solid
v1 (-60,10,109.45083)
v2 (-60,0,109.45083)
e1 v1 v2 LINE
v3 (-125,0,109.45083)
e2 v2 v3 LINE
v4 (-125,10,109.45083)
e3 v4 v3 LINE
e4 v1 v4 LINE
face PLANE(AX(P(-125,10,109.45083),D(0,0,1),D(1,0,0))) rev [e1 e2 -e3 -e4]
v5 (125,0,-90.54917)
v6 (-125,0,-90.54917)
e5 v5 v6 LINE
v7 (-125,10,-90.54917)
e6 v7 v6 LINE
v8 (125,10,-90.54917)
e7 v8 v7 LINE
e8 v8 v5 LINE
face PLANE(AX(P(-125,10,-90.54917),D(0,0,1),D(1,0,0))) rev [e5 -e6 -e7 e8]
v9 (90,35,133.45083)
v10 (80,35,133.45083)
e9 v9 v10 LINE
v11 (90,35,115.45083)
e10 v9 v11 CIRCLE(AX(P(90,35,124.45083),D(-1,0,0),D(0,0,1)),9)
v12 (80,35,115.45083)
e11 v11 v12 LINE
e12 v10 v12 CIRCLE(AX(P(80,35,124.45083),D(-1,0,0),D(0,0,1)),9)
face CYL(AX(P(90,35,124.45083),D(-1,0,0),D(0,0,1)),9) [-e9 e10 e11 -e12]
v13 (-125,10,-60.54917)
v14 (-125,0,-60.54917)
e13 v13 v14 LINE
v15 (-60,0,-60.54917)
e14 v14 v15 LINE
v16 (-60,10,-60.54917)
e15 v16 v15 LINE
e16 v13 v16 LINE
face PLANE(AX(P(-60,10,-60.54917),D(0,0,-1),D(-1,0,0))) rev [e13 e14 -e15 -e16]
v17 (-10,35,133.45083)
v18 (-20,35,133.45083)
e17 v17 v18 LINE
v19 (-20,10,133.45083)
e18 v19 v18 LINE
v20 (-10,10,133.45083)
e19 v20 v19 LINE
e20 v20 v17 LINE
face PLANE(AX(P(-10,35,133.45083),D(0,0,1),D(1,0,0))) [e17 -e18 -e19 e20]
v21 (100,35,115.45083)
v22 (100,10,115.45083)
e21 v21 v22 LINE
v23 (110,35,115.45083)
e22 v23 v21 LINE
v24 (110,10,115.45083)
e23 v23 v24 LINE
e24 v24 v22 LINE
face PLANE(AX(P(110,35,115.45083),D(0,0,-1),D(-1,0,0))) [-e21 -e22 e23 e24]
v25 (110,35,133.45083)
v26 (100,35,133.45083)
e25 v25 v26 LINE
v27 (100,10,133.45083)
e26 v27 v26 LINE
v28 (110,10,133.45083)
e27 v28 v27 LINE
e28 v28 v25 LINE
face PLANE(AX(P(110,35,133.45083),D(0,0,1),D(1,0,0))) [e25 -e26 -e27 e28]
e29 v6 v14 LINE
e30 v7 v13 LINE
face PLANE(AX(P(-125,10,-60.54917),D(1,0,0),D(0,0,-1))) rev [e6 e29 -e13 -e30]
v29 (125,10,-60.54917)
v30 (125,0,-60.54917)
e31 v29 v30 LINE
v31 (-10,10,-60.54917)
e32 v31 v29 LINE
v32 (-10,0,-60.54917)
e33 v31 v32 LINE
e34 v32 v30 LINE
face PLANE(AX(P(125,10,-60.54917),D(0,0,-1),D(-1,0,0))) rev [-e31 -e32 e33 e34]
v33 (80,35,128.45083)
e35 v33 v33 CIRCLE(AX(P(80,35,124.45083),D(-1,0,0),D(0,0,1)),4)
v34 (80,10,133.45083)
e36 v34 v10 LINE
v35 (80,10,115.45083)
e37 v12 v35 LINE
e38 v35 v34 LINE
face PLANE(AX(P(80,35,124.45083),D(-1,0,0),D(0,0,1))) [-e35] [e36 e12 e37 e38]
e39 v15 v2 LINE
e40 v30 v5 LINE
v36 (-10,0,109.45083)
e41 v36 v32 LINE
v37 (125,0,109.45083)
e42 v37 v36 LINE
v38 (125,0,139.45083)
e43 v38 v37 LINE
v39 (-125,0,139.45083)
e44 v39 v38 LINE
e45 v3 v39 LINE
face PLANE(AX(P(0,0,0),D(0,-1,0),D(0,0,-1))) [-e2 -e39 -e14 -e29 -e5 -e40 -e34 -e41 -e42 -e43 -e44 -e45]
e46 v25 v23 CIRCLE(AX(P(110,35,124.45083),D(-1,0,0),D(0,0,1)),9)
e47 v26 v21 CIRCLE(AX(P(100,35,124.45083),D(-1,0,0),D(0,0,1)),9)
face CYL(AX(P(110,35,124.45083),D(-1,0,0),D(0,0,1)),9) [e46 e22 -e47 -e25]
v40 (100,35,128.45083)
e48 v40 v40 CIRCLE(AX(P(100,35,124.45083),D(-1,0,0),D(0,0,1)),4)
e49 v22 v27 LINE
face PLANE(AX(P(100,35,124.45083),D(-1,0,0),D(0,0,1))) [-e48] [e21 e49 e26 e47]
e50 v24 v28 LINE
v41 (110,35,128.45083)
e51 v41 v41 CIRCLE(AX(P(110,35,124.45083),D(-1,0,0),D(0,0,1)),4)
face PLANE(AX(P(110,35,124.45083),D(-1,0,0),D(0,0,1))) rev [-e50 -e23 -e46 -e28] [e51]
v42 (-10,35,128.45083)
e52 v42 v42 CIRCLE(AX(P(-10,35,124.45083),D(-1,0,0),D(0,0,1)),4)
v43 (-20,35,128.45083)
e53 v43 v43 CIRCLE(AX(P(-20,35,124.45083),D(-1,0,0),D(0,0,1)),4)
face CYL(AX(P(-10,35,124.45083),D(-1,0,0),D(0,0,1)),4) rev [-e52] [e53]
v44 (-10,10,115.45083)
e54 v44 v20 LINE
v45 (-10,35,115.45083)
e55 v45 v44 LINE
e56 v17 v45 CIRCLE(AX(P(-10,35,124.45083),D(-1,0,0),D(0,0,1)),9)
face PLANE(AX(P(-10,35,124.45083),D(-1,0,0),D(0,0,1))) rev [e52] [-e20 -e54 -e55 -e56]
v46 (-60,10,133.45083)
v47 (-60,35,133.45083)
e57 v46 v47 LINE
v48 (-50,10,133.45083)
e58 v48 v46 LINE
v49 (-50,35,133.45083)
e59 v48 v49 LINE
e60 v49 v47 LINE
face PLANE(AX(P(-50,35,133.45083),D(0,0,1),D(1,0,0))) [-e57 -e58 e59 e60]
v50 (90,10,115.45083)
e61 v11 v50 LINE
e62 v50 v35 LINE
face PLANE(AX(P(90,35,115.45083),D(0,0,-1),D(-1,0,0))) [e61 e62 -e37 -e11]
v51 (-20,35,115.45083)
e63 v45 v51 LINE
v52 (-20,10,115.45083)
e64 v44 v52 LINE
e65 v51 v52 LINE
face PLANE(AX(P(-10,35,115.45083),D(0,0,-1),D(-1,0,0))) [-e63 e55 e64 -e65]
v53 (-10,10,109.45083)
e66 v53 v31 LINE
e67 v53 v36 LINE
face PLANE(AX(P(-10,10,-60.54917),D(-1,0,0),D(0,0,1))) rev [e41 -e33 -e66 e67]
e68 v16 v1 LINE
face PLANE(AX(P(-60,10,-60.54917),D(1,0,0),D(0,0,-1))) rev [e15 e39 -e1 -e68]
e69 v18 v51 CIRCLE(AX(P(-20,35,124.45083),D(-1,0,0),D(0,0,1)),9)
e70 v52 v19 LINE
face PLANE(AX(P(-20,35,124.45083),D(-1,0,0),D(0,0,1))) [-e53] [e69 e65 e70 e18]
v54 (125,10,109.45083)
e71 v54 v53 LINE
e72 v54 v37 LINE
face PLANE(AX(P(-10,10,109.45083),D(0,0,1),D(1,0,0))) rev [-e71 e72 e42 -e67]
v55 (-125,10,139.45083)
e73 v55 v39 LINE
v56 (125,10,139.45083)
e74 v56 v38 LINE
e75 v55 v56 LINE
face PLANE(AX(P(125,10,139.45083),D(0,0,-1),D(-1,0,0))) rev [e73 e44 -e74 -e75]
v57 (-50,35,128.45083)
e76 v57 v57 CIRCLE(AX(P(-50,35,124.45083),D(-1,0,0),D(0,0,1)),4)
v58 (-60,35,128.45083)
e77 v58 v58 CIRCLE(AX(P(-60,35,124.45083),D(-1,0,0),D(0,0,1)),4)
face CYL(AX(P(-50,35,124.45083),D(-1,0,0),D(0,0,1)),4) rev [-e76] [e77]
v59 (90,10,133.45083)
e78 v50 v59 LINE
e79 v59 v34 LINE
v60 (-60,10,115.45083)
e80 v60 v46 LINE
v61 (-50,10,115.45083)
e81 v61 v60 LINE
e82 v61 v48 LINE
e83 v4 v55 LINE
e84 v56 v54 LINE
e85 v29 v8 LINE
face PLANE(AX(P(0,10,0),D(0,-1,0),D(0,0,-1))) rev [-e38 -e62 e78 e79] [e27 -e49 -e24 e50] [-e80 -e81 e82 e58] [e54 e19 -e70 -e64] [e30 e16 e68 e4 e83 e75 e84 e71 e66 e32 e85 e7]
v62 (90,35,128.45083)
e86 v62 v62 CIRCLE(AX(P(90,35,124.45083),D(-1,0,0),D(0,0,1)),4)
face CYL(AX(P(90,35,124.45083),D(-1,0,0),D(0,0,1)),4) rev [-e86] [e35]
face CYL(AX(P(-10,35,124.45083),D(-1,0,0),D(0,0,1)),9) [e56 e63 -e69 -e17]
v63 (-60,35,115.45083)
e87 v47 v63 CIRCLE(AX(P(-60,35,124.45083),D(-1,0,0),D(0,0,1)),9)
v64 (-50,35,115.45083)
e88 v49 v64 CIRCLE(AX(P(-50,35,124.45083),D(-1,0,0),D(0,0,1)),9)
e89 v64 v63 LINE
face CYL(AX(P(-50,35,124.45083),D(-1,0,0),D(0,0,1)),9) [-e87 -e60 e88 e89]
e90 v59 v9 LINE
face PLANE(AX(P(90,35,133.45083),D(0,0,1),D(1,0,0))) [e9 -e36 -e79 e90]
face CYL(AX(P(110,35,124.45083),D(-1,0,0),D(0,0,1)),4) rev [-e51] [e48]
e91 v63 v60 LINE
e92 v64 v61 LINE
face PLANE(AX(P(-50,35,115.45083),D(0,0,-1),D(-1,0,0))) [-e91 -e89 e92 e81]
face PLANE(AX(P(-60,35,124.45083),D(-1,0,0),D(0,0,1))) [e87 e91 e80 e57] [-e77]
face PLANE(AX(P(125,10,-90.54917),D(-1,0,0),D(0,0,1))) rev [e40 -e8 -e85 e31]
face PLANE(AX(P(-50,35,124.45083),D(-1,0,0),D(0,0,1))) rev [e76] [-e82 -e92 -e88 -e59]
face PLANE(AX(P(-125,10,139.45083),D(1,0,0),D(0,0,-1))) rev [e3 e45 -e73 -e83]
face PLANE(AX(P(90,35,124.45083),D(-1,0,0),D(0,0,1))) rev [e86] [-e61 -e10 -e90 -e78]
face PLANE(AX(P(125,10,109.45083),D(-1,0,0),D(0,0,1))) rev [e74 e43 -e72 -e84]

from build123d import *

# Parameters (mm, degrees)
BOSS_EXTRUDE1_DEPTH = 10
SKETCH2_R           = 4
BOSS_EXTRUDE2_DEPTH = 10
LPATTERN1_COUNT     = 2
LPATTERN1_PITCH     = 40
LPATTERN2_COUNT     = 2
LPATTERN2_PITCH     = 140
LPATTERN4_COUNT     = 2
LPATTERN4_PITCH     = 160


with BuildPart() as part:
    # Sketch1 → Boss-Extrude1 (new body)
    with BuildSketch(Plane(origin=(0, 0, 0), x_dir=(1, 0, 0), z_dir=(0, 1, 0))):
        Polygon((-125, 90.549169605), (125, 90.549169605), (125, 60.549169605), (-10, 60.549169605), (-10, -109.450830395), (125, -109.450830395), (125, -139.450830395), (-125, -139.450830395), (-125, -109.450830395), (-60, -109.450830395), (-60, 60.549169605), (-125, 60.549169605), align=None)
    extrude(amount=BOSS_EXTRUDE1_DEPTH)

    # Sketch2 → Boss-Extrude2 (add)
    with BuildSketch(Plane.ZY.offset(60)):
        with BuildLine():
            Line((115.450830395, 10), (133.450830395, 10))
            Line((133.450830395, 10), (133.450830395, 35))
            ThreePointArc((133.450830395, 35), (124.450830395, 44), (115.450830395, 35))
            Line((115.450830395, 35), (115.450830395, 10))
        make_face()
        with Locations((124.450830395, 35)):
            Circle(SKETCH2_R, mode=Mode.SUBTRACT)
    boss_extrude2 = extrude(amount=-BOSS_EXTRUDE2_DEPTH)

    # LPattern1: Boss-Extrude2 ×2
    with Locations(*[(i * LPATTERN1_PITCH, 0, 0) for i in range(1, LPATTERN1_COUNT)]):
        add(boss_extrude2)

    # LPattern2: Boss-Extrude2 ×2
    with Locations(*[(i * LPATTERN2_PITCH, 0, 0) for i in range(1, LPATTERN2_COUNT)]):
        add(boss_extrude2)

    # LPattern4: Boss-Extrude2 ×2
    with Locations(*[(i * LPATTERN4_PITCH, 0, 0) for i in range(1, LPATTERN4_COUNT)]):
        add(boss_extrude2)


solid = part.part
